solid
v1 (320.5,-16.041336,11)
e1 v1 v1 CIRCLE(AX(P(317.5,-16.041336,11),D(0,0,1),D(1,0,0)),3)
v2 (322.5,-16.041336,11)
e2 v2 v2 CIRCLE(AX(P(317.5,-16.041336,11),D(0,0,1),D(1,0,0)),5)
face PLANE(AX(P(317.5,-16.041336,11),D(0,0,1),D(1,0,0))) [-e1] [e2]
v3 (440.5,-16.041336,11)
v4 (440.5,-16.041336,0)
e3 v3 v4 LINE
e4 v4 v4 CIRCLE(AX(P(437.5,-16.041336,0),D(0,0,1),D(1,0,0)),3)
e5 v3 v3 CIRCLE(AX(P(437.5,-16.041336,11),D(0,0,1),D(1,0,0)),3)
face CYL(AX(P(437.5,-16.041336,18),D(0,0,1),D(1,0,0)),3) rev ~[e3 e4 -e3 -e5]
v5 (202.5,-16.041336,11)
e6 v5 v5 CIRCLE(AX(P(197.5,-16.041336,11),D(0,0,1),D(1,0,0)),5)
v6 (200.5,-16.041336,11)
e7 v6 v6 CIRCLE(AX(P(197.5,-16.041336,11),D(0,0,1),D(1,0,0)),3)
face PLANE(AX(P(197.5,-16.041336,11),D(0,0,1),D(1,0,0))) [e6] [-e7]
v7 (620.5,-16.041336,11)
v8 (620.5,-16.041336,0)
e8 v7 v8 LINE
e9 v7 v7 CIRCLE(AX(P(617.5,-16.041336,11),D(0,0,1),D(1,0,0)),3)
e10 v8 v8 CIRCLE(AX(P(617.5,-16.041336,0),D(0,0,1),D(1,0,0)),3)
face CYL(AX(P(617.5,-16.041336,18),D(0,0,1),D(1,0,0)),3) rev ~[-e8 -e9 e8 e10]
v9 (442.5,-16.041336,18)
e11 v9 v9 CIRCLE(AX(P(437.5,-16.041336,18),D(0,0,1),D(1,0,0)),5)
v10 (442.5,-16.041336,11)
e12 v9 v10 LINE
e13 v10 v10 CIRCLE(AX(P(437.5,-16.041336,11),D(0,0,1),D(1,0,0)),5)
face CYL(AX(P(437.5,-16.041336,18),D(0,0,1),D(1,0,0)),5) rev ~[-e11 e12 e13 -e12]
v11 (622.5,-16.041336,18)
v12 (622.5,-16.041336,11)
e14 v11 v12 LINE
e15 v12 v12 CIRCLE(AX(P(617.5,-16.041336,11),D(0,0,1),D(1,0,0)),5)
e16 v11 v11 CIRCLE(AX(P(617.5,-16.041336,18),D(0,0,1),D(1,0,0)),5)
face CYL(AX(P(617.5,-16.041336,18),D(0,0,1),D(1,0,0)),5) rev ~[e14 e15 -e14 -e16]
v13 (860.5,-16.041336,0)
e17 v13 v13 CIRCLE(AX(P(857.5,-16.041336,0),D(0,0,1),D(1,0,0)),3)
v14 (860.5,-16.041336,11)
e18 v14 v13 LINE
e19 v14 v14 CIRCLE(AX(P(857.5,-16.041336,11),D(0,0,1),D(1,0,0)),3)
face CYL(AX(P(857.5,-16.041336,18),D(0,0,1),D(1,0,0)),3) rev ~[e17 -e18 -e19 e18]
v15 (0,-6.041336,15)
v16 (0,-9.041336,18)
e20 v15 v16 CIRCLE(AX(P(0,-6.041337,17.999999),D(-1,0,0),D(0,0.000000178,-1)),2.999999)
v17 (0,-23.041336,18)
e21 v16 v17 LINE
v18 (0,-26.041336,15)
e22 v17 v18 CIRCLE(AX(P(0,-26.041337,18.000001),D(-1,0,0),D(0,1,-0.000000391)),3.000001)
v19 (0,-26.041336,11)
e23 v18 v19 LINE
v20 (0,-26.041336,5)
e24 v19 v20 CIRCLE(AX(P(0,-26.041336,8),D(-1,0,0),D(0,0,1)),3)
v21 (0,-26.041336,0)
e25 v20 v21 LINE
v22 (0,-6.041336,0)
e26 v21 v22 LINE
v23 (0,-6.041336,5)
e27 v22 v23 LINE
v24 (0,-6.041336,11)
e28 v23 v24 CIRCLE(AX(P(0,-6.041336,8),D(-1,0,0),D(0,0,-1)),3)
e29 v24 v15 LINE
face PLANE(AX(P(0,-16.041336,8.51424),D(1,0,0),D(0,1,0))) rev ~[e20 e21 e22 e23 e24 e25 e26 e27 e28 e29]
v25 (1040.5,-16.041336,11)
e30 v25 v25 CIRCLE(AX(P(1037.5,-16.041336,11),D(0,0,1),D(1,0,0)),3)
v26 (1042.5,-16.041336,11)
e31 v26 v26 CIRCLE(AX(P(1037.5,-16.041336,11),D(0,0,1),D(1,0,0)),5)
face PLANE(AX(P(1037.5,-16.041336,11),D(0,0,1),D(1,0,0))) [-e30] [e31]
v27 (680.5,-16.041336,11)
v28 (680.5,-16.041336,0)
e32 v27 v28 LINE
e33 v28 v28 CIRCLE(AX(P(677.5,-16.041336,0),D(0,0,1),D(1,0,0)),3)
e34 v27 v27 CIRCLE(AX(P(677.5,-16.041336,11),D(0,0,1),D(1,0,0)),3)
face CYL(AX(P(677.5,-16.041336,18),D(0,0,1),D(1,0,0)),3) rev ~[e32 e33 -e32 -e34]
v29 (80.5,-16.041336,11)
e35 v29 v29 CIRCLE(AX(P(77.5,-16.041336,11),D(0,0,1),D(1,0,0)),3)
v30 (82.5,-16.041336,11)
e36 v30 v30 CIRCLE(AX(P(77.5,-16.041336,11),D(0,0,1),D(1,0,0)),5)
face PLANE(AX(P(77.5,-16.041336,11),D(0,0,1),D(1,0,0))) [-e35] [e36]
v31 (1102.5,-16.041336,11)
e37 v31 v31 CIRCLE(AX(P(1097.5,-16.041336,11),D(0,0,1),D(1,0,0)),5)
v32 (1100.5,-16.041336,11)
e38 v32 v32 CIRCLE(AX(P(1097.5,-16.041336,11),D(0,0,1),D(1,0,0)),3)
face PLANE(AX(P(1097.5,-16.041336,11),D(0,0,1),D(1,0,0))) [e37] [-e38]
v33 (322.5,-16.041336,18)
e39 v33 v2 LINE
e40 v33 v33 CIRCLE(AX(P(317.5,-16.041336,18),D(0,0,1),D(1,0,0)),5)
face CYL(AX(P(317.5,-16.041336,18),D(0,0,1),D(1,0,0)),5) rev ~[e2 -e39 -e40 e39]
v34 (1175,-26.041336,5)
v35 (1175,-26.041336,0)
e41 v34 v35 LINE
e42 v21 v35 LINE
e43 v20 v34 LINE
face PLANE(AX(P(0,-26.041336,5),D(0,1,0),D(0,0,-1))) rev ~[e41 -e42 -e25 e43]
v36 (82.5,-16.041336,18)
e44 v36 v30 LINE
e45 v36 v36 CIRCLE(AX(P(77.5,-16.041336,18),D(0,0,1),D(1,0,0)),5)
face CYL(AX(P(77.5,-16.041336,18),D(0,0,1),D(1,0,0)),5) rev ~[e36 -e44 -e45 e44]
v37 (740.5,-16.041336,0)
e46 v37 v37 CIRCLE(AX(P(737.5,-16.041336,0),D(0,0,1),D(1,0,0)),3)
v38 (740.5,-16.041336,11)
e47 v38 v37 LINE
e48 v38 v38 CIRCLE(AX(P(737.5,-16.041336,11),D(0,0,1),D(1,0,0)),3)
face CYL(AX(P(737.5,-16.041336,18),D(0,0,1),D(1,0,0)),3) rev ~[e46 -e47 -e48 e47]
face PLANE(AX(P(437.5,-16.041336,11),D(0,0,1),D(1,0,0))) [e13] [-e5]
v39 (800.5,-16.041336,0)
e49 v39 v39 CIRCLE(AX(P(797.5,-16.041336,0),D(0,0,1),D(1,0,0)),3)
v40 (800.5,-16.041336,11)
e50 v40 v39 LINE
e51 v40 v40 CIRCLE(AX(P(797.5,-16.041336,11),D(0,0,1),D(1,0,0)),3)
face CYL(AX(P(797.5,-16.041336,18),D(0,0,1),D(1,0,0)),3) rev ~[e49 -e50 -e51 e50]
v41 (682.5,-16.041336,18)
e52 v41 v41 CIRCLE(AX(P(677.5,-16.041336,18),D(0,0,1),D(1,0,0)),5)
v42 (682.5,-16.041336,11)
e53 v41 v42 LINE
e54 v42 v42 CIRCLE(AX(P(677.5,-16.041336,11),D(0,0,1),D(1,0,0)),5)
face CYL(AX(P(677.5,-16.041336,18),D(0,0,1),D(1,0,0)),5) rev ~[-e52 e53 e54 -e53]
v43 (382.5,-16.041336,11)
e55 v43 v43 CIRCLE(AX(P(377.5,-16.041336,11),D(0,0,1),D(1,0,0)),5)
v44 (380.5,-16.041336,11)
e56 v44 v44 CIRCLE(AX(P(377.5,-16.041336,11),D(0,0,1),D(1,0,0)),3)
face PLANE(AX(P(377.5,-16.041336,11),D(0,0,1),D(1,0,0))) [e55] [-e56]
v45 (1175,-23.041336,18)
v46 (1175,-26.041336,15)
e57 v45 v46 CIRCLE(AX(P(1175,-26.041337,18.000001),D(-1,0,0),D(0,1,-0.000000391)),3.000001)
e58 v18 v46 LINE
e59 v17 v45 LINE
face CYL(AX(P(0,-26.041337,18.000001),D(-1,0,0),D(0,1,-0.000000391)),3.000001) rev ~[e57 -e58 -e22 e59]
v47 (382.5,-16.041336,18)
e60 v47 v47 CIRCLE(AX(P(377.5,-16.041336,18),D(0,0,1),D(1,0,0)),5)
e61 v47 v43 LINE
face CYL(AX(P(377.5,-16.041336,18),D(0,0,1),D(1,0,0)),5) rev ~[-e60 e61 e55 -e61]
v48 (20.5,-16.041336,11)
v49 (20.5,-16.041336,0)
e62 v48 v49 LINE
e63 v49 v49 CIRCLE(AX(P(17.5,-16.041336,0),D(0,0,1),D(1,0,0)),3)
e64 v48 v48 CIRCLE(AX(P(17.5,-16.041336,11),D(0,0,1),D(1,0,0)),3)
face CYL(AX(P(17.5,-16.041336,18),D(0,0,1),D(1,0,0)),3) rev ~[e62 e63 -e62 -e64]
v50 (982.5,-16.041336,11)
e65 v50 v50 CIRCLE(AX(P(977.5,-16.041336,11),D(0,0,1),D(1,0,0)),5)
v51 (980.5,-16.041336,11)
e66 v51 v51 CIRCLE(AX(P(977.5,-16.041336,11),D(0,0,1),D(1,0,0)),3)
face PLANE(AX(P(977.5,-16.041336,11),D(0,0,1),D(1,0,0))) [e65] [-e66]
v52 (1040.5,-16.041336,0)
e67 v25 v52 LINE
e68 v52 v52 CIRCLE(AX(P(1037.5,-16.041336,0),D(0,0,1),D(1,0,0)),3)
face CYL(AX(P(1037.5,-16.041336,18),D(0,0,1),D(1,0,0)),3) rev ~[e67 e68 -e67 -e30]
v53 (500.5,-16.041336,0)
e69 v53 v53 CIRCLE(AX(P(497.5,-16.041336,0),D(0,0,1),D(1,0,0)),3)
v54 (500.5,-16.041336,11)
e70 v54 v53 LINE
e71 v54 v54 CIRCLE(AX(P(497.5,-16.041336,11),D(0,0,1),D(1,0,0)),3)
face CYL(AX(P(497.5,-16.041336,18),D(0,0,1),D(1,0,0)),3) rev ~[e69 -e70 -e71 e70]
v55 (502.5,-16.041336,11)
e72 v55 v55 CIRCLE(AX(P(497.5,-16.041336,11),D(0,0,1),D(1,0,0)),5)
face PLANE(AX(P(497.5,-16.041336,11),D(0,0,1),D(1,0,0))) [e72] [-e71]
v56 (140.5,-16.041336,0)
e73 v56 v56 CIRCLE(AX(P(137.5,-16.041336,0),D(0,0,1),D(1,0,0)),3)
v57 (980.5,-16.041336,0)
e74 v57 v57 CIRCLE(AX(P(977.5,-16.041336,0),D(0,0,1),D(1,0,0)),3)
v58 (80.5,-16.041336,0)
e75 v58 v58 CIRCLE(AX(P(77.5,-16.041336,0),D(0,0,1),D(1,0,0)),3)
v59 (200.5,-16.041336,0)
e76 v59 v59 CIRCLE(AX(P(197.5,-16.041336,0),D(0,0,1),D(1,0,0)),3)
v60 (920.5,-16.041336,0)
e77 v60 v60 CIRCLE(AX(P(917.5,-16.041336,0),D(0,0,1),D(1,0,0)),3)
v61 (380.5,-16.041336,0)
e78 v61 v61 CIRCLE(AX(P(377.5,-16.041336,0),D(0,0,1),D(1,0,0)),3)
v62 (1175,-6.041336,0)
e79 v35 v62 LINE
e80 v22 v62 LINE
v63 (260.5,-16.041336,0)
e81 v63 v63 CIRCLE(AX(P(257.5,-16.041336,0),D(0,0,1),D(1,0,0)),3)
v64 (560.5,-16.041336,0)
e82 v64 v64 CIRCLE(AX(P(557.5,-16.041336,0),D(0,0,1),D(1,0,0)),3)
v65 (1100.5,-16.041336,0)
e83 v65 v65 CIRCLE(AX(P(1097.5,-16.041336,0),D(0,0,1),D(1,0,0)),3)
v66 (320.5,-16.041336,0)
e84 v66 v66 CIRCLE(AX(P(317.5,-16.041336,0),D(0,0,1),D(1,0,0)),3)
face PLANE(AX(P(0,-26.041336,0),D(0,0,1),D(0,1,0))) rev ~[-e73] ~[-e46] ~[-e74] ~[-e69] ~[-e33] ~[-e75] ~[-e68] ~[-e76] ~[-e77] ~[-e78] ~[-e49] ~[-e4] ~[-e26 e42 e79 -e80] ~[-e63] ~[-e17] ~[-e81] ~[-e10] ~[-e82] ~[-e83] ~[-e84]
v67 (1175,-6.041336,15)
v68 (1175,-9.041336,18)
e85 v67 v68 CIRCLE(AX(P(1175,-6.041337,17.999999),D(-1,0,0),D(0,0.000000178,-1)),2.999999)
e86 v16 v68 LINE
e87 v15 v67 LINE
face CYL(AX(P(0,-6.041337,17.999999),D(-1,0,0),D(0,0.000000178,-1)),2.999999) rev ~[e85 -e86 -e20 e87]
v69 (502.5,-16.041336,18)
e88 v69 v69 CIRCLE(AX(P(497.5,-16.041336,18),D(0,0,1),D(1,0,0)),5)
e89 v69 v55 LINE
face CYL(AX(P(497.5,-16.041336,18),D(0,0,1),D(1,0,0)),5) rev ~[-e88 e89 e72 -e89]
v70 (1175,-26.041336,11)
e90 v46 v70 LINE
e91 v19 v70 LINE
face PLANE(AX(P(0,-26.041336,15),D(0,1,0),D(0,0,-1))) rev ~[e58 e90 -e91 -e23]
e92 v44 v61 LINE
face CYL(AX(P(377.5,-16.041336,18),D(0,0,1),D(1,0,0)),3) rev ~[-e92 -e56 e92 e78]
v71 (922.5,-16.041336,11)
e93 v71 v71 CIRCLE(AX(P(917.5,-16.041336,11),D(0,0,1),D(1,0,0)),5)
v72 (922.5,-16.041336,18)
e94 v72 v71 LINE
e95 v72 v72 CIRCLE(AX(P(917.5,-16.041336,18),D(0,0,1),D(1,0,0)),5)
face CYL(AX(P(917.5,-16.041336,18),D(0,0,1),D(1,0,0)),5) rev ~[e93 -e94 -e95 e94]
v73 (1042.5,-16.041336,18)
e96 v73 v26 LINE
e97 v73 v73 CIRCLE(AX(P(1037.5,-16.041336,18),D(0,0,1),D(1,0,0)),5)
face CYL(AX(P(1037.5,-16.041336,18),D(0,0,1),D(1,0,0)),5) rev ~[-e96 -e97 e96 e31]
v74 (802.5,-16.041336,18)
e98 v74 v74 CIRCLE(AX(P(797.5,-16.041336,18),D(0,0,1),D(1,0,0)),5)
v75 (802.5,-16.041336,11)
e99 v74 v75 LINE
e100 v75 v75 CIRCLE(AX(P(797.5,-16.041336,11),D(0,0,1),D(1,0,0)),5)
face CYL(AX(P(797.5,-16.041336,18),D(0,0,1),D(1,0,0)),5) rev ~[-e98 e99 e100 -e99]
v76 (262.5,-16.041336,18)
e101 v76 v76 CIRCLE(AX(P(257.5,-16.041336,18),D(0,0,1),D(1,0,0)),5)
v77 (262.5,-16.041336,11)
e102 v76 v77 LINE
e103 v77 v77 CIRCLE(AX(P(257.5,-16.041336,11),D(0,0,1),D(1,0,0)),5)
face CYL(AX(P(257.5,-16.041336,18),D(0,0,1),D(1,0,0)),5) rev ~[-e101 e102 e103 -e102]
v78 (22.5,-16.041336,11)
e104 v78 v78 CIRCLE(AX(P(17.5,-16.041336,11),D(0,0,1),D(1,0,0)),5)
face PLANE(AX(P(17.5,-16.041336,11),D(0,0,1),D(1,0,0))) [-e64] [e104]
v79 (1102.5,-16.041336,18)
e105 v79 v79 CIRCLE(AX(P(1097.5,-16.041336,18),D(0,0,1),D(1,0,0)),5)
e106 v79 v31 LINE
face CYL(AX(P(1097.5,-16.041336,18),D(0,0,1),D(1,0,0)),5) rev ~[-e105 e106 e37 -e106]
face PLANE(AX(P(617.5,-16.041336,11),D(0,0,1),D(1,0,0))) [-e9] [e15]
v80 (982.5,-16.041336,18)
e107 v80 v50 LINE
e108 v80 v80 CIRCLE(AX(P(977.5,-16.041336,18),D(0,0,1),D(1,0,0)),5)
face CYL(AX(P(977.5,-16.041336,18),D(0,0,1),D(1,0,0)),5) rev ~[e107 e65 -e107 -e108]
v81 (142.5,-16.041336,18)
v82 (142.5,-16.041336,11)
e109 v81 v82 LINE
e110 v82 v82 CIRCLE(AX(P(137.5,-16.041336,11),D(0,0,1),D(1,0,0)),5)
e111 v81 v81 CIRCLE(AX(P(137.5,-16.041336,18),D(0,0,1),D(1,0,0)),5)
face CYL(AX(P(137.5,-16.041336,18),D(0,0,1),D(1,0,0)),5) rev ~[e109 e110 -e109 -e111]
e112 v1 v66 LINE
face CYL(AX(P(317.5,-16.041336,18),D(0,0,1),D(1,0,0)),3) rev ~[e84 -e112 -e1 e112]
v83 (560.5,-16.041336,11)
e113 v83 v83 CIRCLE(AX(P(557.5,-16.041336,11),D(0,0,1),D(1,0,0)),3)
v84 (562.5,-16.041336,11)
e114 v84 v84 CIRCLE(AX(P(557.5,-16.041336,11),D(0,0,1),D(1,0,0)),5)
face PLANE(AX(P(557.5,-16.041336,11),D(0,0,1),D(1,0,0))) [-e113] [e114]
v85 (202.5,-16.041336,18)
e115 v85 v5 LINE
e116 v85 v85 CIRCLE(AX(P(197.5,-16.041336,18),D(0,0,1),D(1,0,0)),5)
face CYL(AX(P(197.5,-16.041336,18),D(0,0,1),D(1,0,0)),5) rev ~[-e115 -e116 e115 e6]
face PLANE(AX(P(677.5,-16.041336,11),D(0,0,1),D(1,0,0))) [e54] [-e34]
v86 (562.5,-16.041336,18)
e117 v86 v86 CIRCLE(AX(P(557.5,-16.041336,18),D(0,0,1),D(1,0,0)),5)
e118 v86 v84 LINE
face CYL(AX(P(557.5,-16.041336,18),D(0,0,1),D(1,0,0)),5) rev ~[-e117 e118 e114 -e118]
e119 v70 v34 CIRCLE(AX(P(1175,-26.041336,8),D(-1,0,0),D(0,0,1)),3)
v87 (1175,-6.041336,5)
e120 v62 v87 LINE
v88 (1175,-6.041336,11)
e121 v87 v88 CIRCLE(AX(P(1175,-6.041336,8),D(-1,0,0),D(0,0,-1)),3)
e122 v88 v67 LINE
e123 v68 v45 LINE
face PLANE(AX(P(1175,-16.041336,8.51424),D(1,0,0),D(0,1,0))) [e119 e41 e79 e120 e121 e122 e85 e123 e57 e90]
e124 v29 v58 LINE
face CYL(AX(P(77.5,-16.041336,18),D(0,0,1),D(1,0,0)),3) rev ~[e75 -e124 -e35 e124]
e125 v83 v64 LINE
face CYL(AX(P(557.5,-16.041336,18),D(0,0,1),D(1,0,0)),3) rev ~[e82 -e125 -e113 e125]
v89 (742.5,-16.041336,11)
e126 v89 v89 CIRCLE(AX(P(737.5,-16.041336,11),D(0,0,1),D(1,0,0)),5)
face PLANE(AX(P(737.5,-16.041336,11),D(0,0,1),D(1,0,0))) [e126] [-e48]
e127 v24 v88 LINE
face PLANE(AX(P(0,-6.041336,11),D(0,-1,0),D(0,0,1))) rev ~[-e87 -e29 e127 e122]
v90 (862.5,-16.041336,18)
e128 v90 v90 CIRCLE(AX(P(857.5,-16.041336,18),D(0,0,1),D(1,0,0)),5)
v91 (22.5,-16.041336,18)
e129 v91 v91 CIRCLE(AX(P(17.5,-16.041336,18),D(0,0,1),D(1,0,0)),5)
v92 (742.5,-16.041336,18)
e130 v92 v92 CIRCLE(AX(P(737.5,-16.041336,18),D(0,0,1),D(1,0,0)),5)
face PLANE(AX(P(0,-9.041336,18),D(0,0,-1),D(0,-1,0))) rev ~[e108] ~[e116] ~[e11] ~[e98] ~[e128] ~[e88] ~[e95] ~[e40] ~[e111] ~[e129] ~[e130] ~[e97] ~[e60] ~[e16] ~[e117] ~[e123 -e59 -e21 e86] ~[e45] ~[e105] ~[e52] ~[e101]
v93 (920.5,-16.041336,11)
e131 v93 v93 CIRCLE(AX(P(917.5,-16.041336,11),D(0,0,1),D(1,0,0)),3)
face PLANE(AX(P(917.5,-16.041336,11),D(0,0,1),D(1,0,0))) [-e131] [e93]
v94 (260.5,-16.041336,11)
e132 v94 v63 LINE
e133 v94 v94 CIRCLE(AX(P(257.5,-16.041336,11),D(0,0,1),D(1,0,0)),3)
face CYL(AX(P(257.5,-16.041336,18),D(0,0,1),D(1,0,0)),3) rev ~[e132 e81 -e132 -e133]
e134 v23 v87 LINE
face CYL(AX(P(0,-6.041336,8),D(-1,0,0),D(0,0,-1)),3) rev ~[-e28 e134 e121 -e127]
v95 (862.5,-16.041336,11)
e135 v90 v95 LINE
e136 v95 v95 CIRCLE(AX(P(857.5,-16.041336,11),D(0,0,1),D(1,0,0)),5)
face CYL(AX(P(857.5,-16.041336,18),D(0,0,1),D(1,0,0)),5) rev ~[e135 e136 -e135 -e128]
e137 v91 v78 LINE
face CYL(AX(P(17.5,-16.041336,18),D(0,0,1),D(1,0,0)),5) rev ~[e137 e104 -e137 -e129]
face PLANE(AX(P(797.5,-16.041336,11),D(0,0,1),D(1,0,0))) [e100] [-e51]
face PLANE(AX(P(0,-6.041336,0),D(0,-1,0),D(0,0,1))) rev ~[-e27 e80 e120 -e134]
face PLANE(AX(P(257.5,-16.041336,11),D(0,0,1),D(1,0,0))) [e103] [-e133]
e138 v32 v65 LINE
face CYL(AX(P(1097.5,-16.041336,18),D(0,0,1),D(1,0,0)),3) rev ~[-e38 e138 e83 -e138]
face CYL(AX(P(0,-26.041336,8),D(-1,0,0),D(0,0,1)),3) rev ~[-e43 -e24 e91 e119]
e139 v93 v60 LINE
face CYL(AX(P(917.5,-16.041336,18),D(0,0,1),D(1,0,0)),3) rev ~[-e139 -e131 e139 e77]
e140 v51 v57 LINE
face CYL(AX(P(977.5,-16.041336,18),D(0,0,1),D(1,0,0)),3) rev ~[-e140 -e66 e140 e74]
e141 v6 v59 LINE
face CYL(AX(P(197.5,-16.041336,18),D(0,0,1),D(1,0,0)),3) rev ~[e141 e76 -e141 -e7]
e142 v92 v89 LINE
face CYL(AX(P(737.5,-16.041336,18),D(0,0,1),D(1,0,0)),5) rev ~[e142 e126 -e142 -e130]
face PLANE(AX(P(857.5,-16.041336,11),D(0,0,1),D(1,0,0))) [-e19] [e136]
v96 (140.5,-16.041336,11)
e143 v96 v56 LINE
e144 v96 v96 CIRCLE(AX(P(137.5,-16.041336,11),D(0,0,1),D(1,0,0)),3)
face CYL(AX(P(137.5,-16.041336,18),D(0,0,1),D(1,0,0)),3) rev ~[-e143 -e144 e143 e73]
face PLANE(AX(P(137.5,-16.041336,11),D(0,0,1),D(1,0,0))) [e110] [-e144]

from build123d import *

# Parameters (mm, degrees)
F1_DEPTH = 1175
F2_R     = 3
F3_DEPTH = 18
F4_R     = 5
F5_DEPTH = 7


with BuildPart() as f1:
    # F0 (on Right) → F1 (new body)
    with BuildSketch(Plane.YZ):
        with BuildLine():
            Line((-26.041336, 5), (-26.041336, 0))
            Line((-26.041336, 0), (-6.041336, 0))
            Line((-6.041336, 0), (-6.041336, 5))
            ThreePointArc((-6.041336, 5), (-9.041336, 8), (-6.041336, 11))
            Line((-6.041336, 11), (-6.041336, 15))
            ThreePointArc((-6.041336, 15), (-8.162657, 15.87868), (-9.041336, 18))
            Line((-9.041336, 18), (-23.041336, 18))
            ThreePointArc((-23.041336, 18), (-23.920016, 15.87868), (-26.041336, 15))
            Line((-26.041336, 15), (-26.041336, 11))
            ThreePointArc((-26.041336, 11), (-23.041336, 8), (-26.041336, 5))
        make_face()
    extrude(amount=F1_DEPTH)

    # F2 (on face) → F3 (cut)
    with BuildSketch(Plane.XY.offset(18)):
        with Locations((17.5, -16.041336)):
            Circle(F2_R)
        with Locations((77.5, -16.041336)):
            Circle(F2_R)
        with Locations((137.5, -16.041336)):
            Circle(F2_R)
        with Locations((197.5, -16.041336)):
            Circle(F2_R)
        with Locations((257.5, -16.041336)):
            Circle(F2_R)
        with Locations((317.5, -16.041336)):
            Circle(F2_R)
        with Locations((377.5, -16.041336)):
            Circle(F2_R)
        with Locations((437.5, -16.041336)):
            Circle(F2_R)
        with Locations((497.5, -16.041336)):
            Circle(F2_R)
        with Locations((557.5, -16.041336)):
            Circle(F2_R)
        with Locations((617.5, -16.041336)):
            Circle(F2_R)
        with Locations((677.5, -16.041336)):
            Circle(F2_R)
        with Locations((737.5, -16.041336)):
            Circle(F2_R)
        with Locations((797.5, -16.041336)):
            Circle(F2_R)
        with Locations((857.5, -16.041336)):
            Circle(F2_R)
        with Locations((917.5, -16.041336)):
            Circle(F2_R)
        with Locations((977.5, -16.041336)):
            Circle(F2_R)
        with Locations((1037.5, -16.041336)):
            Circle(F2_R)
        with Locations((1097.5, -16.041336)):
            Circle(F2_R)
    extrude(amount=-F3_DEPTH, mode=Mode.SUBTRACT)

    # F4 (on face) → F5 (cut)
    with BuildSketch(Plane.XY.offset(18)):
        with Locations((17.5, -16.041336)):
            Circle(F4_R)
        with Locations((77.5, -16.041336)):
            Circle(F4_R)
        with Locations((137.5, -16.041336)):
            Circle(F4_R)
        with Locations((197.5, -16.041336)):
            Circle(F4_R)
        with Locations((257.5, -16.041336)):
            Circle(F4_R)
        with Locations((317.5, -16.041336)):
            Circle(F4_R)
        with Locations((377.5, -16.041336)):
            Circle(F4_R)
        with Locations((437.5, -16.041336)):
            Circle(F4_R)
        with Locations((497.5, -16.041336)):
            Circle(F4_R)
        with Locations((557.5, -16.041336)):
            Circle(F4_R)
        with Locations((617.5, -16.041336)):
            Circle(F4_R)
        with Locations((677.5, -16.041336)):
            Circle(F4_R)
        with Locations((737.5, -16.041336)):
            Circle(F4_R)
        with Locations((797.5, -16.041336)):
            Circle(F4_R)
        with Locations((857.5, -16.041336)):
            Circle(F4_R)
        with Locations((917.5, -16.041336)):
            Circle(F4_R)
        with Locations((977.5, -16.041336)):
            Circle(F4_R)
        with Locations((1037.5, -16.041336)):
            Circle(F4_R)
        with Locations((1097.5, -16.041336)):
            Circle(F4_R)
    extrude(amount=-F5_DEPTH, mode=Mode.SUBTRACT)


solid = f1.part
